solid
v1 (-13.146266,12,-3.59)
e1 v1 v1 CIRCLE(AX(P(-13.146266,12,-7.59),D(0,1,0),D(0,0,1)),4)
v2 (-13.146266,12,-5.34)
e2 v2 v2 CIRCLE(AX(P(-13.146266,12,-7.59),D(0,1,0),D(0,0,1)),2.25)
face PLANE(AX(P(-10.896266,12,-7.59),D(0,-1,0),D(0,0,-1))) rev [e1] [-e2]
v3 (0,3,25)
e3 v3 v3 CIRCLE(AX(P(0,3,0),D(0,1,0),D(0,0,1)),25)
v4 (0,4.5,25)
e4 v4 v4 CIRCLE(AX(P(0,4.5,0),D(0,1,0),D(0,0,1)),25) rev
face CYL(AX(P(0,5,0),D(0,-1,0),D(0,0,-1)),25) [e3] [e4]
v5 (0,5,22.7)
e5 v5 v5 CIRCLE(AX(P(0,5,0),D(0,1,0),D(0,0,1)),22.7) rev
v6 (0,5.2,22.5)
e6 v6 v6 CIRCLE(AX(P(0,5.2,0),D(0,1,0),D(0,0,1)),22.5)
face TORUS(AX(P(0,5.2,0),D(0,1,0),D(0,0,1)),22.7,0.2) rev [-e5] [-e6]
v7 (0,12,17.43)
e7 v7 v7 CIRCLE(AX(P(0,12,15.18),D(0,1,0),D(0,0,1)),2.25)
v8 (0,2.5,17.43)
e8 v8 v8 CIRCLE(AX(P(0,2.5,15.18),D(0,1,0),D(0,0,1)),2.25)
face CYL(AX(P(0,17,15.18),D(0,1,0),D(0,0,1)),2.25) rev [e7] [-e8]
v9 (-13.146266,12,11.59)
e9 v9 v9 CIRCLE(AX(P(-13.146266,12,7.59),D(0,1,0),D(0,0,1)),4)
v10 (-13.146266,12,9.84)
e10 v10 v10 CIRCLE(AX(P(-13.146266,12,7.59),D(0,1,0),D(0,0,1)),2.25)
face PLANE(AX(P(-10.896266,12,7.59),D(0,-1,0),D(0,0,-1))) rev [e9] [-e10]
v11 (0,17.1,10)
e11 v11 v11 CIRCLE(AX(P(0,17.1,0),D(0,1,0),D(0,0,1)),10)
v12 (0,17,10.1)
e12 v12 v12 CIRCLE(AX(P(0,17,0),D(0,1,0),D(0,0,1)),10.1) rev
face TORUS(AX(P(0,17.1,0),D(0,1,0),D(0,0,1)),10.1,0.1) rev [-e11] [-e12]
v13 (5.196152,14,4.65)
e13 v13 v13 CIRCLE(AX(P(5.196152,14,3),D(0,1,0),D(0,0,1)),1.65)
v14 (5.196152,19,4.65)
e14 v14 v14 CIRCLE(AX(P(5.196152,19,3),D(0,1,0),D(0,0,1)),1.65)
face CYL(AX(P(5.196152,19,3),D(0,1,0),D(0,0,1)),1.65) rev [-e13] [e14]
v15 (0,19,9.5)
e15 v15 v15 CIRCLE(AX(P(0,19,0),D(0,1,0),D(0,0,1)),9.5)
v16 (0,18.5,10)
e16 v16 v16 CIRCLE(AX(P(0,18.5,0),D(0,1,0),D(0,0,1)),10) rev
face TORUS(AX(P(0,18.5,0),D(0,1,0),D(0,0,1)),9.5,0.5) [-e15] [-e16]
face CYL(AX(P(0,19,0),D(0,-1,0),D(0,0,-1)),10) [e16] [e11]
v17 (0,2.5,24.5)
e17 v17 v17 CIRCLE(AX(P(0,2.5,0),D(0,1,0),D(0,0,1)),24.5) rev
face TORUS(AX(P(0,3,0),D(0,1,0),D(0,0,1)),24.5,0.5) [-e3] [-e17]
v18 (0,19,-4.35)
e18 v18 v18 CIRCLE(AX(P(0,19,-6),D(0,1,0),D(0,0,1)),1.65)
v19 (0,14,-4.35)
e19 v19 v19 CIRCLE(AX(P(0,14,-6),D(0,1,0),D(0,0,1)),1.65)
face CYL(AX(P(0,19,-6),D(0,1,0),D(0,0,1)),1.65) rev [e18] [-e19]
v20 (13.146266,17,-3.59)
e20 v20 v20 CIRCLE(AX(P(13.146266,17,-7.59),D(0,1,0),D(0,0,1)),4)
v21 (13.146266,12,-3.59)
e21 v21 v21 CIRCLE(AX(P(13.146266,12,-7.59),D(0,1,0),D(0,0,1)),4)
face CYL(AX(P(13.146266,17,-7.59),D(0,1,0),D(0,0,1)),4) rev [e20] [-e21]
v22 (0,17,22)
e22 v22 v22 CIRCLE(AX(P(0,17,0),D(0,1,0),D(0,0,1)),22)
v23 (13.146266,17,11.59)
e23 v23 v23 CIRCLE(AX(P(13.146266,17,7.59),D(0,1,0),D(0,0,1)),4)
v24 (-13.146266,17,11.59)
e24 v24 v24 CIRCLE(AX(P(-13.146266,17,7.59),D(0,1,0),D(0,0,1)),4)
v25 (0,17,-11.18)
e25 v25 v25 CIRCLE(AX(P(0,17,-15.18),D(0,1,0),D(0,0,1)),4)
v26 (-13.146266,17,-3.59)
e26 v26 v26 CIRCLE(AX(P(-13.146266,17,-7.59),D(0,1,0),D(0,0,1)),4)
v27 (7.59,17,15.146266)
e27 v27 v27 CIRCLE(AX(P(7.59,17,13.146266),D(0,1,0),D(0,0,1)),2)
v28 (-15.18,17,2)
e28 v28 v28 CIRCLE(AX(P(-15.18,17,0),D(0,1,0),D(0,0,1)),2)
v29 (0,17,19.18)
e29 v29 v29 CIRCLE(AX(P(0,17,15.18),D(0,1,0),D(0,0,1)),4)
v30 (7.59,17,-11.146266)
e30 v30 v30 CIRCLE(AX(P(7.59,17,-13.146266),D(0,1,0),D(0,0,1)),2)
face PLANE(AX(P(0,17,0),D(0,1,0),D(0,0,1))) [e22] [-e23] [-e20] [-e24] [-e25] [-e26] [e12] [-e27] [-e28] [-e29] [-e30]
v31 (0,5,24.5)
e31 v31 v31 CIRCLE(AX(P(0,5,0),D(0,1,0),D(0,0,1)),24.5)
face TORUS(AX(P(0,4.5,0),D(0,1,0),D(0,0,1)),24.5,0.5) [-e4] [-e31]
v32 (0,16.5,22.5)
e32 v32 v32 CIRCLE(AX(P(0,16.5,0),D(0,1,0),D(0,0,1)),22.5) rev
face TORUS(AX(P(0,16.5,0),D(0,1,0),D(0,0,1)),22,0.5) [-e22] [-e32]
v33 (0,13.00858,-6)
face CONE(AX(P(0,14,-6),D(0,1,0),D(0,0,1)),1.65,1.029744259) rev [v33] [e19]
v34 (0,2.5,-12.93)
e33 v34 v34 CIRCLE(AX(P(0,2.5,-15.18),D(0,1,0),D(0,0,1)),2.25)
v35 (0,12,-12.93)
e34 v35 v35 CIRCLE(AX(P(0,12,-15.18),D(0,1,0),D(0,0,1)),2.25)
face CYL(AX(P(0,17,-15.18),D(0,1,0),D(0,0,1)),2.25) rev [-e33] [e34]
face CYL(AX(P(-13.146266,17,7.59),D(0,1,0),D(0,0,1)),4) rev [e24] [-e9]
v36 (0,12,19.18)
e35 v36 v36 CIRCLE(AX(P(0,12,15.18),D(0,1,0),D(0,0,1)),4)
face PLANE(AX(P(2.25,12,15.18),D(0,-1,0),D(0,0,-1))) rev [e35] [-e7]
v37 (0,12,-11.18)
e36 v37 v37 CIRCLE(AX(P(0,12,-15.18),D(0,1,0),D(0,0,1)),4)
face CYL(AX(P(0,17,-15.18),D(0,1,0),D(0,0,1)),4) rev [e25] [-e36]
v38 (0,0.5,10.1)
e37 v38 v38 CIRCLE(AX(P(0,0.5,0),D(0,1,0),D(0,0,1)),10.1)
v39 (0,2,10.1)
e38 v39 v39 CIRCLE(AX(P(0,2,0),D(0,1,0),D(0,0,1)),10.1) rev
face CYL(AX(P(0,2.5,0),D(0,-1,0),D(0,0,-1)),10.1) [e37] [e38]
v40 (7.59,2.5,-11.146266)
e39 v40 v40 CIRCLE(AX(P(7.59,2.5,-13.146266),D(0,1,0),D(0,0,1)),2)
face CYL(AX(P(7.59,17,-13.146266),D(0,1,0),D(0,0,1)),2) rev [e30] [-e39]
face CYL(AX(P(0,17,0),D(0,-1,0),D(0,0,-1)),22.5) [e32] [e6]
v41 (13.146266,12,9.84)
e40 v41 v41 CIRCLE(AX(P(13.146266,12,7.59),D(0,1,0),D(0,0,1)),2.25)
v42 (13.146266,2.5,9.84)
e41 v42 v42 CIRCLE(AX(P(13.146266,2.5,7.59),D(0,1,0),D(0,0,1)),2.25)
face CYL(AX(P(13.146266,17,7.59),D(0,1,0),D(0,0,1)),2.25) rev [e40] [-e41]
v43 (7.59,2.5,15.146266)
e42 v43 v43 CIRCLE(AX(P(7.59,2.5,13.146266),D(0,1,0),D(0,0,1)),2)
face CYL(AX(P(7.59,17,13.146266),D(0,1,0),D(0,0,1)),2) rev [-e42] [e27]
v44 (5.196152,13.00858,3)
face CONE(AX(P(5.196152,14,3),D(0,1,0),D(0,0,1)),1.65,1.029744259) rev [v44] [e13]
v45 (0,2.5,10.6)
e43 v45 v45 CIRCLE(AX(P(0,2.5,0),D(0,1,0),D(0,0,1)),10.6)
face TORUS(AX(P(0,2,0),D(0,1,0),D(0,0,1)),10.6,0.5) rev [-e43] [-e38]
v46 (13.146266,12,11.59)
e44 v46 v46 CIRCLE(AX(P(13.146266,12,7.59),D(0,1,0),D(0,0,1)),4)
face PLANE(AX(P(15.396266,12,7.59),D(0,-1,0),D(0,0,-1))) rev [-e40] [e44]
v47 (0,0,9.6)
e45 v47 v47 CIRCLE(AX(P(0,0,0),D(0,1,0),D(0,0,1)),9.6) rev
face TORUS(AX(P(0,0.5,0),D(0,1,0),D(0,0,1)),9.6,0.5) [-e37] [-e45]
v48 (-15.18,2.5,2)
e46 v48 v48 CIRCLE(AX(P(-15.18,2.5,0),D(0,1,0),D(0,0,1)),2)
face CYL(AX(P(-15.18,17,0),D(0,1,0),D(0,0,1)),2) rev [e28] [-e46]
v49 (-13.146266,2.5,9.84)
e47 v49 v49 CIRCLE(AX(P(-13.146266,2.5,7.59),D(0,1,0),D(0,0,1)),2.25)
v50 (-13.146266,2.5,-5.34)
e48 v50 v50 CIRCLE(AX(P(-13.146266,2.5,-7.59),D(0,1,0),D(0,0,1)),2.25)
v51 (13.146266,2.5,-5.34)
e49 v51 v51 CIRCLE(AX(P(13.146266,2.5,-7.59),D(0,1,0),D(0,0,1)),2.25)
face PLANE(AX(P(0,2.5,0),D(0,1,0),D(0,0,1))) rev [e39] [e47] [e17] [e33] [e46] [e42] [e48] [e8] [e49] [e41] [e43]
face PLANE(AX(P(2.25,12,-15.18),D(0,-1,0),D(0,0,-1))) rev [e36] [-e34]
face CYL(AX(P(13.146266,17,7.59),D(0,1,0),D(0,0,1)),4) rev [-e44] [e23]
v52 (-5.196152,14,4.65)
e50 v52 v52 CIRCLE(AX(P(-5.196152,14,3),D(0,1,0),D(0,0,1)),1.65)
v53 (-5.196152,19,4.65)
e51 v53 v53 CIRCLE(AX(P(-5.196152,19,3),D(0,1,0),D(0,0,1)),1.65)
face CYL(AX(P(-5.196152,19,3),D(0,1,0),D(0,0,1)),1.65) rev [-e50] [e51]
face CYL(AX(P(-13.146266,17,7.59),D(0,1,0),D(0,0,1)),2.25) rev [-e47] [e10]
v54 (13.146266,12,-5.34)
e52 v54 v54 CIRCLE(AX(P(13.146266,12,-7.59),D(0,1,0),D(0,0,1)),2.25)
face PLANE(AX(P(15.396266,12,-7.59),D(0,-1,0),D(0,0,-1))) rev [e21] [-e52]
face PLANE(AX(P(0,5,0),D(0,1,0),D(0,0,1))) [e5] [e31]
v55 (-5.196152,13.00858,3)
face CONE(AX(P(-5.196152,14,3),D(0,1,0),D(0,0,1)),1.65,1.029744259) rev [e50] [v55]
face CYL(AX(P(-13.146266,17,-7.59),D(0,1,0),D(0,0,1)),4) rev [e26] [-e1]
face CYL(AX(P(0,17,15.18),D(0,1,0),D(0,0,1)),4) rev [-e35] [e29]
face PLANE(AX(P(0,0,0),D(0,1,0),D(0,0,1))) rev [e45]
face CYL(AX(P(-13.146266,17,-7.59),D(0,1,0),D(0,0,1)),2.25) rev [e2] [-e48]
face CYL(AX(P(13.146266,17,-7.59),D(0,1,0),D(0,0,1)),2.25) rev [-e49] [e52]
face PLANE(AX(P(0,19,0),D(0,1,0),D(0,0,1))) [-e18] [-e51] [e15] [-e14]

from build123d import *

# Parameters (mm, degrees)
SKETCH_1_R                   = 10.1
EXTRUDE_1_DEPTH              = 2.5
SKETCH_2_R                   = 25
EXTRUDE_2_DEPTH              = 2.5
SKETCH_3_R                   = 22.5
EXTRUDE_4_DEPTH              = 12
SKETCH_5_R                   = 10
EXTRUDE_5_DEPTH              = 2
HOLE_WIZARD_M4_1_D           = 4.5
HOLE_WIZARD_M4_1_CBORE_D     = 8
HOLE_WIZARD_M4_1_CBORE_DEPTH = 5
PATTERN_CIRCULAR_1_COUNT     = 6
PATTERN_CIRCULAR_2_COUNT     = 3
FILLET_1_R                   = 0.5
FILLET_2_R                   = 0.2
FILLET_3_R                   = 0.1
FILLET_4_R                   = 0.5
F_4_0MM_1_D                  = 4
PATTERN_CIRCULAR_3_COUNT     = 3


with BuildPart() as part:
    # 스케치1 → 보스-돌출1 (new body)
    with BuildSketch(Plane(origin=(0, 0, 0), x_dir=(1, 0, 0), z_dir=(0, 1, 0))):
        Circle(SKETCH_1_R)
    extrude(amount=EXTRUDE_1_DEPTH)

    # 스케치2 → 보스-돌출2 (add)
    with BuildSketch(Plane(origin=(0, 2.5, 0), x_dir=(1, 0, 0), z_dir=(0, 1, 0))):
        Circle(SKETCH_2_R)
    extrude(amount=EXTRUDE_2_DEPTH)

    # 스케치3 → 보스-돌출4 (add)
    with BuildSketch(Plane(origin=(0, 5, 0), x_dir=(1, 0, 0), z_dir=(0, 1, 0))):
        Circle(SKETCH_3_R)
    extrude(amount=EXTRUDE_4_DEPTH)

    # 스케치5 → 보스-돌출5 (add)
    with BuildSketch(Plane(origin=(0, 17, 0), x_dir=(1, 0, 0), z_dir=(0, 1, 0))):
        Circle(SKETCH_5_R)
    extrude(amount=EXTRUDE_5_DEPTH)

    # Hole Wizard M4 _ _ _ _ _ _1 (through all)
    with Locations(Plane(origin=(0, 17, 0), x_dir=(1, 0, 0), z_dir=(0, 1, 0))):
        with Locations((0, 15.18)):
            hole_wizard_m4_1 = CounterBoreHole(HOLE_WIZARD_M4_1_D / 2, HOLE_WIZARD_M4_1_CBORE_D / 2, HOLE_WIZARD_M4_1_CBORE_DEPTH)

    # 원형 패턴1: Hole Wizard M4 _ _ _ _ _ _1 ×6 about axis
    pattern_circular_1_axis = Axis((0, 0, 0), (0, 1, 0))
    for i in range(1, PATTERN_CIRCULAR_1_COUNT):
        add(hole_wizard_m4_1.rotate(pattern_circular_1_axis, i * 360 / PATTERN_CIRCULAR_1_COUNT), mode=Mode.SUBTRACT)

    # 스케치13 → Hole Wizard M4 _ _ _ _1 2 (revolve, cut)
    with BuildSketch(Plane(origin=(0, 19, -6), x_dir=(0, 0, 1), z_dir=(1, 0, 0))):
        Polygon((0, 0), (0, 5.991420021), (1.65, 5), (1.65, 0), align=None)
    hole_wizard_m4_1_2 = revolve(axis=Axis((0, 25.35, -6), (0, -1, 0)), mode=Mode.SUBTRACT)

    # 원형 패턴2: Hole Wizard M4 _ _ _ _1 2 ×3 about axis
    pattern_circular_2_axis = Axis((0, 0, 0), (0, 1, 0))
    for i in range(1, PATTERN_CIRCULAR_2_COUNT):
        add(hole_wizard_m4_1_2.rotate(pattern_circular_2_axis, i * 360 / PATTERN_CIRCULAR_2_COUNT), mode=Mode.SUBTRACT)

    # 필렛1
    fillet_1_edges = [part.edges().sort_by_distance(p)[0] for p in [
        (-22.5, 17, 0),
        (-10.1, 0, 0),
        (-10.1, 2.5, 0),
        (-25, 2.5, 0),
        (-25, 5, 0),
    ]]
    fillet(fillet_1_edges, radius=FILLET_1_R)

    # 필렛2
    fillet_2_edges = [part.edges().sort_by_distance(p)[0] for p in [
        (-22.5, 5, 0),
    ]]
    fillet(fillet_2_edges, radius=FILLET_2_R)

    # 필렛3
    fillet_3_edges = [part.edges().sort_by_distance(p)[0] for p in [
        (-10, 17, 0),
    ]]
    fillet(fillet_3_edges, radius=FILLET_3_R)

    # 필렛4
    fillet_4_edges = [part.edges().sort_by_distance(p)[0] for p in [
        (-10, 19, 0),
    ]]
    fillet(fillet_4_edges, radius=FILLET_4_R)

    # Ø4.0mm 맞춤핀 구멍1 (through all)
    with Locations(Plane(origin=(0, 17, 0), x_dir=(1, 0, 0), z_dir=(0, 1, 0))):
        with Locations((-15.18, 0)):
            f_4_0mm_1 = Hole(F_4_0MM_1_D / 2)

    # 원형 패턴3: Ø4.0mm 맞춤핀 구멍1 ×3 about axis
    pattern_circular_3_axis = Axis((0, 0, 0), (0, 1, 0))
    for i in range(1, PATTERN_CIRCULAR_3_COUNT):
        add(f_4_0mm_1.rotate(pattern_circular_3_axis, i * 360 / PATTERN_CIRCULAR_3_COUNT), mode=Mode.SUBTRACT)


solid = part.part
